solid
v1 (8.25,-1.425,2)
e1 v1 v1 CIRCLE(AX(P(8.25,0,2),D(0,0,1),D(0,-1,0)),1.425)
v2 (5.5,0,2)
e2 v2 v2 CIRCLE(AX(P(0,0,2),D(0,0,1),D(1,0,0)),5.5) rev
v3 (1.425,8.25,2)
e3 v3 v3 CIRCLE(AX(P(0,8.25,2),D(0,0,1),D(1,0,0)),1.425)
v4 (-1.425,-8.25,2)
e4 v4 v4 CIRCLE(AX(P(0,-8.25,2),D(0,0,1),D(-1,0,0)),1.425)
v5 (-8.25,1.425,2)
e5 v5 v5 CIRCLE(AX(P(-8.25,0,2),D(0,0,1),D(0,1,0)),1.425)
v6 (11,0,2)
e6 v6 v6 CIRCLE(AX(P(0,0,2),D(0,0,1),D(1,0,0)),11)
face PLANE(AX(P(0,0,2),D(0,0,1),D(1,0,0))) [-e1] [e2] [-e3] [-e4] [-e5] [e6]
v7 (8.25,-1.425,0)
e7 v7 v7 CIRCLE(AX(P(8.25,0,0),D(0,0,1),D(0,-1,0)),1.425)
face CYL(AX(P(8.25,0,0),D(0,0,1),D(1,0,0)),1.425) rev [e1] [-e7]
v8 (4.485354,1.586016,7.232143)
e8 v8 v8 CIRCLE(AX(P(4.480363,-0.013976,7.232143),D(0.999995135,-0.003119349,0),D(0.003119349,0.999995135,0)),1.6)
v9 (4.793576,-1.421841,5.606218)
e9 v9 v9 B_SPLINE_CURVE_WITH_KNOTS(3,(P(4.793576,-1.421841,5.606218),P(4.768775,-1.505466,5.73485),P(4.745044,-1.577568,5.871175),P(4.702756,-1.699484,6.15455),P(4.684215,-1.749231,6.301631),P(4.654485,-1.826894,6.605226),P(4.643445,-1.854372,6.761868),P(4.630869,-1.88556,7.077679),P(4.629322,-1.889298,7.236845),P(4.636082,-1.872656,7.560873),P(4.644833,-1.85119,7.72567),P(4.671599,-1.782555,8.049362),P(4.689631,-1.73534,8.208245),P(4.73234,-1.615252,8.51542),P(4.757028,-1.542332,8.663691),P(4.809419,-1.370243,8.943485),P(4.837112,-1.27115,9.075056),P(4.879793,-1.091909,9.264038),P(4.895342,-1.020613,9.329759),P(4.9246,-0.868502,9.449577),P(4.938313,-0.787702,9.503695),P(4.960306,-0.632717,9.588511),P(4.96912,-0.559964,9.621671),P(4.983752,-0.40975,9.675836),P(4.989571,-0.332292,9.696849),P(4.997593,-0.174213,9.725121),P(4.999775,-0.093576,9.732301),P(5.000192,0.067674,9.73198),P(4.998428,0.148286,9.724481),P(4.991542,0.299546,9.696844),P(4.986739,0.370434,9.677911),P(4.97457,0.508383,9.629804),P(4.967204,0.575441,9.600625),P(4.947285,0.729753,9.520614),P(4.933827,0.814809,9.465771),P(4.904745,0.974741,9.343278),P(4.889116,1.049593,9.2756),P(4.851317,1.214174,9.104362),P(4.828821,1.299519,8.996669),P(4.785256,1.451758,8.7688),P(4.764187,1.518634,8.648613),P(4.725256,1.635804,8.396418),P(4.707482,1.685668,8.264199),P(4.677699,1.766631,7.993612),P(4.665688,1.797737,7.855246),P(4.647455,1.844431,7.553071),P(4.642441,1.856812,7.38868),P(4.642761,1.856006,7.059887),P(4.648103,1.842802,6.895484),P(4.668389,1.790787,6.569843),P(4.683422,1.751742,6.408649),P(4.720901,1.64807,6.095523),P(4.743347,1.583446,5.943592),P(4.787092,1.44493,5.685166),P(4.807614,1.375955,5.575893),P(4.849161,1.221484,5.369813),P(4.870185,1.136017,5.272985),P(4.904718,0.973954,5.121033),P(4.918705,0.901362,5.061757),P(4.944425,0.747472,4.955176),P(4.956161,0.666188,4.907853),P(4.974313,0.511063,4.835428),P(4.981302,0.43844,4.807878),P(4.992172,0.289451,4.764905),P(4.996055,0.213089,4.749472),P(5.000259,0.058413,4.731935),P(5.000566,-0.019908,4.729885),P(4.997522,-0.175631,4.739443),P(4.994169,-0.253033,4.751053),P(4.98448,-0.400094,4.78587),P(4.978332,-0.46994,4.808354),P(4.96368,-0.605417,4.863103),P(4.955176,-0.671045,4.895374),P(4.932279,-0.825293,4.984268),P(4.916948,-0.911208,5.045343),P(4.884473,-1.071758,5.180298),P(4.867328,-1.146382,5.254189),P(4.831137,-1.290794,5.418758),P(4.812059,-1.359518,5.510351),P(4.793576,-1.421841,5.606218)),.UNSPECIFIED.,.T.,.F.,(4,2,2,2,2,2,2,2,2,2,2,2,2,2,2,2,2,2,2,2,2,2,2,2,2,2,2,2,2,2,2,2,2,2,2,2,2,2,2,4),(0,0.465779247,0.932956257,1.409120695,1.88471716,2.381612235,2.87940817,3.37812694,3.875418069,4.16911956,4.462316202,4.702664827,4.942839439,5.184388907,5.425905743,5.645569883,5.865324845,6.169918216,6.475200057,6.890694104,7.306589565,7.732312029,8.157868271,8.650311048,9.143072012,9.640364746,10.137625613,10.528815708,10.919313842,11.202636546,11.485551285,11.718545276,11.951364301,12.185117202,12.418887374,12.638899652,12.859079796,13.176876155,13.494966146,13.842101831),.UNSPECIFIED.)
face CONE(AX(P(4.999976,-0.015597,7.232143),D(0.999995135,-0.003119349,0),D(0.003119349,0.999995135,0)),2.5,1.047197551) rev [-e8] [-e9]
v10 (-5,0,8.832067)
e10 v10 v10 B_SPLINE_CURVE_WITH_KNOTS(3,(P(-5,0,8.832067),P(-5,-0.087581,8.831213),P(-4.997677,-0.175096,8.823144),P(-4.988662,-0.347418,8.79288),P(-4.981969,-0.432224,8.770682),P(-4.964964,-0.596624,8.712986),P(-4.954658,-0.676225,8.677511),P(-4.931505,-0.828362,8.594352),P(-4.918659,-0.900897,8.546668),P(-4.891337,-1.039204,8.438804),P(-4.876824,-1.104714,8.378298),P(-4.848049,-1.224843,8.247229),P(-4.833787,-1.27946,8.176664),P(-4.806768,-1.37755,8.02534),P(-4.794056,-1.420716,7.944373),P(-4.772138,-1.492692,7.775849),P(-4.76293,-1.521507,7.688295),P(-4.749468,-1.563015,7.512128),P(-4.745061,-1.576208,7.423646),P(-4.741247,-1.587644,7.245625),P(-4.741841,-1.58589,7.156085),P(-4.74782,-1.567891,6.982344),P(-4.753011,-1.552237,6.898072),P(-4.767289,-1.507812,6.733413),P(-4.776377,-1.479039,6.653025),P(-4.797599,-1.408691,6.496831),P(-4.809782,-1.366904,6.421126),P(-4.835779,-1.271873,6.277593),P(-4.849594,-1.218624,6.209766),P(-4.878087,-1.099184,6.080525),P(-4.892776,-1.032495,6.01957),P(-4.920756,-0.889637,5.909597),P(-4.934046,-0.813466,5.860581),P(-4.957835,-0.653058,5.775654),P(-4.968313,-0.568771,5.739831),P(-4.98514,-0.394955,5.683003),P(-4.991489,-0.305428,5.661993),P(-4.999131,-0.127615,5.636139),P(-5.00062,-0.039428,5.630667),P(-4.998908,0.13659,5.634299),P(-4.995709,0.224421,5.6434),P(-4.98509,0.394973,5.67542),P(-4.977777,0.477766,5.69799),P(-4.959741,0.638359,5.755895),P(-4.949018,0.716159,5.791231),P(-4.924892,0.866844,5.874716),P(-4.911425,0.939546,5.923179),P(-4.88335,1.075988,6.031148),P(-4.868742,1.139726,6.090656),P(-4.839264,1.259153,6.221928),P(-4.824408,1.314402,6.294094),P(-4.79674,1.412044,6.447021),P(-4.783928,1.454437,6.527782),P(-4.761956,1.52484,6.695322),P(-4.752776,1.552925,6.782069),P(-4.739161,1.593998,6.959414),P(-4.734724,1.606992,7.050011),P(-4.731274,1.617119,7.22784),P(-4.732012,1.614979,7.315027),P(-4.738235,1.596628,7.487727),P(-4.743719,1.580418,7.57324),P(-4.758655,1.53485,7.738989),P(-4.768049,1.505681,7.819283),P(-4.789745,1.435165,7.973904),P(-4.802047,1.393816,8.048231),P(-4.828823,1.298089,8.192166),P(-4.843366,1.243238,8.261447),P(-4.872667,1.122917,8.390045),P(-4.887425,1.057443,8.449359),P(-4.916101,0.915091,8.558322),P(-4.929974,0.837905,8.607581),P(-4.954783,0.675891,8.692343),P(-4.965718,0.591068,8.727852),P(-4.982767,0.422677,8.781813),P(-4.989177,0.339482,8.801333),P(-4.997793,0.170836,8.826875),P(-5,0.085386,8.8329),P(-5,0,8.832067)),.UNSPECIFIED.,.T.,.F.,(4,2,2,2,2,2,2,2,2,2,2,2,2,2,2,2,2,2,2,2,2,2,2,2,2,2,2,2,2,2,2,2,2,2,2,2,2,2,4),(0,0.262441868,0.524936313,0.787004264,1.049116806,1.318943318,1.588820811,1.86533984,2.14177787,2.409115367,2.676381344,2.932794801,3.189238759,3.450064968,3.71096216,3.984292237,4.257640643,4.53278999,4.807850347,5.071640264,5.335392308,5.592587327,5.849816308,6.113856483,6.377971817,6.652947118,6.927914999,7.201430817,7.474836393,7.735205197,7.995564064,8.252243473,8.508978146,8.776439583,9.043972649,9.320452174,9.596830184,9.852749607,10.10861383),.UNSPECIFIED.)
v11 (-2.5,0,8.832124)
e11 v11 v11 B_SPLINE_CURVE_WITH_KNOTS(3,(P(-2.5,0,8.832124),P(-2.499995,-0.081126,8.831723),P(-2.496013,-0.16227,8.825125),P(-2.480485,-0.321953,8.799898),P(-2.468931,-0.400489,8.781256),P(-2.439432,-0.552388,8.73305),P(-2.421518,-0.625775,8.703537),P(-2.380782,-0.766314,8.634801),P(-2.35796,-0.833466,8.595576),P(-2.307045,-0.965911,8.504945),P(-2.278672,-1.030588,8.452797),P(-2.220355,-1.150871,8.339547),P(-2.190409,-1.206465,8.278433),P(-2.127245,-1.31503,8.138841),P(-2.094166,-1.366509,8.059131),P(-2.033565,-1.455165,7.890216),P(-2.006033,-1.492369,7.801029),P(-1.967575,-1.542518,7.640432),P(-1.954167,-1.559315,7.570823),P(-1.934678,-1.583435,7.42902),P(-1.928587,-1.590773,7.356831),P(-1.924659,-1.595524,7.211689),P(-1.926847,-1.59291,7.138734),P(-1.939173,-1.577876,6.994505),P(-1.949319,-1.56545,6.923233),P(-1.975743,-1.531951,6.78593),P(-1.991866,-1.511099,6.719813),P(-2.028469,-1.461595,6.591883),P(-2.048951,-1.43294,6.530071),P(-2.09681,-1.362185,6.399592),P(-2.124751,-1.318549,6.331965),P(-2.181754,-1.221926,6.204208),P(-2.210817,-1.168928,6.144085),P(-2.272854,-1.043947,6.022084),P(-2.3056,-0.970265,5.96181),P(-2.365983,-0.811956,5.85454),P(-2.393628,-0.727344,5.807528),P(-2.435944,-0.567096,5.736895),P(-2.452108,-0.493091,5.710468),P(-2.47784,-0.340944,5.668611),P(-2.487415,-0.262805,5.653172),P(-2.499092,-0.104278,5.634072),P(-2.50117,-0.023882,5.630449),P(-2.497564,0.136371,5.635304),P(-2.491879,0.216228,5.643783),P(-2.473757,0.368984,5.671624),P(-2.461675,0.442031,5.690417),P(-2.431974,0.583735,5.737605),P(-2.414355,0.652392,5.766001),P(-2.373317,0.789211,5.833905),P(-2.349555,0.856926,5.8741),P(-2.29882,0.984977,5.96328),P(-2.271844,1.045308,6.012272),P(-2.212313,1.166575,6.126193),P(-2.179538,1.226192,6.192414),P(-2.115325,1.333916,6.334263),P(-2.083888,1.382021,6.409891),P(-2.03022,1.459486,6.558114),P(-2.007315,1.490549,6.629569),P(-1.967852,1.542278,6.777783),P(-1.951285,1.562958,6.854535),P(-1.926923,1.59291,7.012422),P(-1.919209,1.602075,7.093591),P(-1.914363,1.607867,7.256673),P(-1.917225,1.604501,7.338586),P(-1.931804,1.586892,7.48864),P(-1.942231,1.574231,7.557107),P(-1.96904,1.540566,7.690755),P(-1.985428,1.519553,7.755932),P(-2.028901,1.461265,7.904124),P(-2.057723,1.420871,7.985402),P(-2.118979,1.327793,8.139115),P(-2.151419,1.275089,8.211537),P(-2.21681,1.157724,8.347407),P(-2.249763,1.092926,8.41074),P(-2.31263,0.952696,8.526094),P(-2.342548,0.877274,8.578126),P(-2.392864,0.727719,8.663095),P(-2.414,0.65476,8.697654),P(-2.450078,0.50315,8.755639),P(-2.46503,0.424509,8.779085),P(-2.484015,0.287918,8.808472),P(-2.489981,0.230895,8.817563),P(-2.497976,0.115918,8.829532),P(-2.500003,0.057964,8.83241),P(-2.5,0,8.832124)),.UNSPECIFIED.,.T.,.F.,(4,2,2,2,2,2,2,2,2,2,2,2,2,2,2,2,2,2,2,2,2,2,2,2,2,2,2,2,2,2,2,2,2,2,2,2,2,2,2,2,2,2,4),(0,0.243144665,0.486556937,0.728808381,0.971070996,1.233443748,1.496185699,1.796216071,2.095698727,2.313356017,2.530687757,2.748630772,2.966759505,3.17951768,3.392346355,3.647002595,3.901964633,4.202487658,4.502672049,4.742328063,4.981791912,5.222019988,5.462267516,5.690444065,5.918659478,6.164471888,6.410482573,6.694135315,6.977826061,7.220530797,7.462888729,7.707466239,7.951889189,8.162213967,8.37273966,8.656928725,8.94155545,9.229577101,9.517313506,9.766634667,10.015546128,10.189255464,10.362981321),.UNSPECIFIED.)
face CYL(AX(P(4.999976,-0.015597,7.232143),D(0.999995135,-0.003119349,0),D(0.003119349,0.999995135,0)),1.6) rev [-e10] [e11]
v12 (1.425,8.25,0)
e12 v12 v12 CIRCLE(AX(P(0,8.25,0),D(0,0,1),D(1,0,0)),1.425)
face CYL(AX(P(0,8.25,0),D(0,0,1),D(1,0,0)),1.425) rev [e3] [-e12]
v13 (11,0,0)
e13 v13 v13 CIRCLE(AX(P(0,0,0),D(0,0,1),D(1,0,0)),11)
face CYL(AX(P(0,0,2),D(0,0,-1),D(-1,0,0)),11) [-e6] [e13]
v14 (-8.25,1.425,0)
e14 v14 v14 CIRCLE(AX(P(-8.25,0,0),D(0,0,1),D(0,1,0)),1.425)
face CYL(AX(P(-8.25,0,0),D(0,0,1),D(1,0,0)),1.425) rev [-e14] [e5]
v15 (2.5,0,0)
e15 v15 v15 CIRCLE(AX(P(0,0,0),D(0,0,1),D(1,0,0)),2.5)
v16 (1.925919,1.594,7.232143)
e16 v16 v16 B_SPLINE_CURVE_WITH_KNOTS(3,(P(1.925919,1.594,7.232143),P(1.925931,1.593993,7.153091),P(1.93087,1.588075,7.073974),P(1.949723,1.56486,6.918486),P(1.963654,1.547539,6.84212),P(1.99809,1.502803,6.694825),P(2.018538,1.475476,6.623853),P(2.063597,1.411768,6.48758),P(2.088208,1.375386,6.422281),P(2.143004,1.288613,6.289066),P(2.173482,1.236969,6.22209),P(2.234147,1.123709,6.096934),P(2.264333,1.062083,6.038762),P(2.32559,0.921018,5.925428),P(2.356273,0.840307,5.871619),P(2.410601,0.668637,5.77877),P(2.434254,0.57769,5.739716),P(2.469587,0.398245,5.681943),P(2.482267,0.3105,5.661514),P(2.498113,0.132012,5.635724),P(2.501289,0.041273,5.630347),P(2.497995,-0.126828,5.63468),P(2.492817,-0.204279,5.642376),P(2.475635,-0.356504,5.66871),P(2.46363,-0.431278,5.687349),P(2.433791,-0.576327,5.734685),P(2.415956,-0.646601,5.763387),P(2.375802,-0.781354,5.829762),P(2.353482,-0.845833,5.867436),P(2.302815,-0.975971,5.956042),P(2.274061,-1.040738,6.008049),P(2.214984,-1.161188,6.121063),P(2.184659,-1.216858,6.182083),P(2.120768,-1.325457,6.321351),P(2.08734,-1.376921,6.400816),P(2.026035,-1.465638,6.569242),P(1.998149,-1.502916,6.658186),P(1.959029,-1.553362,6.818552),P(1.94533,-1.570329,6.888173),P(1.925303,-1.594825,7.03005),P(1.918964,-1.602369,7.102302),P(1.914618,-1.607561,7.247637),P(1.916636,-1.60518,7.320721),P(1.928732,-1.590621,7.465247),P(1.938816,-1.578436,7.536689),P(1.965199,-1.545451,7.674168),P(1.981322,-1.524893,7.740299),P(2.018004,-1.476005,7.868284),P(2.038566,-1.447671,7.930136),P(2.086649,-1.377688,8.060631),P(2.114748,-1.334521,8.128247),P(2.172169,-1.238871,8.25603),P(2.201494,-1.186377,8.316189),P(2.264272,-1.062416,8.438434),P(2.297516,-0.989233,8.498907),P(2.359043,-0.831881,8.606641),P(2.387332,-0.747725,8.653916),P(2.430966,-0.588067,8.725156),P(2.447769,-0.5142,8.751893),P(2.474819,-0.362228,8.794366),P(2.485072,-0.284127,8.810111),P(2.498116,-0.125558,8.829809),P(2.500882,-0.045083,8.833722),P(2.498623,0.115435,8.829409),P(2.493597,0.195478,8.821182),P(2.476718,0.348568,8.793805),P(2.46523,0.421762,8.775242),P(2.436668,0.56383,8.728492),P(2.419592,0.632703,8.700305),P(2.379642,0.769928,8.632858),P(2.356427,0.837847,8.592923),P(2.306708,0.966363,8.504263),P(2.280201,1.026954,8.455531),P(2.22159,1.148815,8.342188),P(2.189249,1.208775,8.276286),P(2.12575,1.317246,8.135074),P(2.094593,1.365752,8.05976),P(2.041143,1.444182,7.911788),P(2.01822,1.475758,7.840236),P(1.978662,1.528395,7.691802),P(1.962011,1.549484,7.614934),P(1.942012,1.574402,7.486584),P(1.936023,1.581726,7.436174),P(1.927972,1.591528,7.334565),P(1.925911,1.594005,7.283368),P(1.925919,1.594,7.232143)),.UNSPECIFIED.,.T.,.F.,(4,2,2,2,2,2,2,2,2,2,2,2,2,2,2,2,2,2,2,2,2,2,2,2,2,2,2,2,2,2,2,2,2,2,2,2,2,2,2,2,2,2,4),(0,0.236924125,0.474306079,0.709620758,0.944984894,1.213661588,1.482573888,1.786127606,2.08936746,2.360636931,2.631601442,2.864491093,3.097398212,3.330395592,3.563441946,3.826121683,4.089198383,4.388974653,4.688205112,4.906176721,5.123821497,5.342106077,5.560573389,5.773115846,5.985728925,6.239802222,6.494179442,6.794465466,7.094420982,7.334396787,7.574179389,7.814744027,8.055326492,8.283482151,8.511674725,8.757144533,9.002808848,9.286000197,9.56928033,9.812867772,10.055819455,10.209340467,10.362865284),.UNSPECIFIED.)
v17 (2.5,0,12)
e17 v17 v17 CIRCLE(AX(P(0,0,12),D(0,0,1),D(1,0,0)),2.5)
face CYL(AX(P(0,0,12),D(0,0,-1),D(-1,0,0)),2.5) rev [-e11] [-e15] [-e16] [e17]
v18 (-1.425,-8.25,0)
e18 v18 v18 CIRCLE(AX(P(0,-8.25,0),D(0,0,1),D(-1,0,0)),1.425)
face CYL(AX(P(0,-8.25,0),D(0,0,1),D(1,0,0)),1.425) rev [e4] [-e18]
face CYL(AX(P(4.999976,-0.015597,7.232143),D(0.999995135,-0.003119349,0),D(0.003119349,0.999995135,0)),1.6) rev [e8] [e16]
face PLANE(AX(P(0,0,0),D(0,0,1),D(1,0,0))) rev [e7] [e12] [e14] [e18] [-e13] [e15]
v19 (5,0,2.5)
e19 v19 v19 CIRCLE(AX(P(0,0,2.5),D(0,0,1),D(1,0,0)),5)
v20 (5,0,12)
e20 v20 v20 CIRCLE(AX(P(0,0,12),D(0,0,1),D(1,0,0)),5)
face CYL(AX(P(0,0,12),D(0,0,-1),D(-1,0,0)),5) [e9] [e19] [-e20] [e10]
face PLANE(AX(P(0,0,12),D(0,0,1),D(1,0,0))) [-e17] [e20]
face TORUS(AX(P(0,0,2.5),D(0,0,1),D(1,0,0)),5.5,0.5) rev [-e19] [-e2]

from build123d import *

# Parameters (mm, degrees)
SKETCH1_R                                       = 5
SKETCH1_R_2                                     = 2.5
BOSS_EXTRUDE2_DEPTH                             = 12
SKETCH3_R                                       = 11
SKETCH3_R_2                                     = 5
BOSS_EXTRUDE3_DEPTH                             = 2
FILLET1_R                                       = 0.5
CUT_EXTRUDE1_DEPTH                              = 2
CIRPATTERN1_COUNT                               = 4
CSK_FOR_M3_FLAT_HEAD_MACHINE_SCREW2_D           = 3.2
CSK_FOR_M3_FLAT_HEAD_MACHINE_SCREW2_CSINK_D     = 5
CSK_FOR_M3_FLAT_HEAD_MACHINE_SCREW2_CSINK_ANGLE = 120


with BuildPart() as part:
    # Sketch1 → Boss-Extrude2 (new body)
    with BuildSketch(Plane.XY):
        Circle(SKETCH1_R)
        Circle(SKETCH1_R_2, mode=Mode.SUBTRACT)
    extrude(amount=BOSS_EXTRUDE2_DEPTH)

    # Sketch3 → Boss-Extrude3 (add)
    with BuildSketch(Plane.XY):
        Circle(SKETCH3_R)
        Circle(SKETCH3_R_2, mode=Mode.SUBTRACT)
    extrude(amount=BOSS_EXTRUDE3_DEPTH)

    # Fillet1
    fillet1_edges = [part.edges().sort_by_distance(p)[0] for p in [
        (-5, 0, 2),
    ]]
    fillet(fillet1_edges, radius=FILLET1_R)

    # Sketch5 → Cut-Extrude1 (cut)
    with BuildSketch(Plane.XY.offset(2)):
        with BuildLine():
            ThreePointArc((-1.419675746, 8.126931818), (-0.963133646, 7.199762608), (0, 6.825))
            Line((0, 6.825), (0, 8.25))
            ThreePointArc((0, 8.25), (-0.7125, 8.219175369), (-1.419675746, 8.126931818))
        make_face()
        with BuildLine():
            Line((0, 8.25), (0, 6.825))
            ThreePointArc((0, 6.825), (0.963133646, 7.199762608), (1.419675746, 8.126931818))
            ThreePointArc((1.419675746, 8.126931818), (0.7125, 8.219175369), (0, 8.25))
        make_face()
        with BuildLine():
            ThreePointArc((-1.419675746, 8.126931818), (-0.7125, 8.219175369), (0, 8.25))
            Line((0, 8.25), (0, 9.675))
            ThreePointArc((0, 9.675), (-1.050237392, 9.213133646), (-1.419675746, 8.126931818))
        make_face()
        with BuildLine():
            Line((0, 9.675), (0, 8.25))
            ThreePointArc((0, 8.25), (0.7125, 8.219175369), (1.419675746, 8.126931818))
            ThreePointArc((1.419675746, 8.126931818), (1.423668314, 8.188408351), (1.425, 8.25))
            ThreePointArc((1.425, 8.25), (1.007627163, 9.257627163), (0, 9.675))
        make_face()
    cut_extrude1 = extrude(amount=-CUT_EXTRUDE1_DEPTH, mode=Mode.SUBTRACT)

    # CirPattern1: Cut-Extrude1 ×4 about axis
    cirpattern1_axis = Axis((0, 0, 0), (0, 0, 1))
    for i in range(1, CIRPATTERN1_COUNT):
        add(cut_extrude1.rotate(cirpattern1_axis, i * 360 / CIRPATTERN1_COUNT), mode=Mode.SUBTRACT)

    # CSK for M3 Flat Head Machine Screw2 (through all)
    with Locations(Plane(origin=(4.999975674, -0.015596745, 7.232142879), x_dir=(0.003119349, 0.999995135, 0), z_dir=(0.999995135, -0.003119349, 0))):
        with Locations((0, 0)):
            CounterSinkHole(CSK_FOR_M3_FLAT_HEAD_MACHINE_SCREW2_D / 2, CSK_FOR_M3_FLAT_HEAD_MACHINE_SCREW2_CSINK_D / 2, counter_sink_angle=CSK_FOR_M3_FLAT_HEAD_MACHINE_SCREW2_CSINK_ANGLE)


solid = part.part
